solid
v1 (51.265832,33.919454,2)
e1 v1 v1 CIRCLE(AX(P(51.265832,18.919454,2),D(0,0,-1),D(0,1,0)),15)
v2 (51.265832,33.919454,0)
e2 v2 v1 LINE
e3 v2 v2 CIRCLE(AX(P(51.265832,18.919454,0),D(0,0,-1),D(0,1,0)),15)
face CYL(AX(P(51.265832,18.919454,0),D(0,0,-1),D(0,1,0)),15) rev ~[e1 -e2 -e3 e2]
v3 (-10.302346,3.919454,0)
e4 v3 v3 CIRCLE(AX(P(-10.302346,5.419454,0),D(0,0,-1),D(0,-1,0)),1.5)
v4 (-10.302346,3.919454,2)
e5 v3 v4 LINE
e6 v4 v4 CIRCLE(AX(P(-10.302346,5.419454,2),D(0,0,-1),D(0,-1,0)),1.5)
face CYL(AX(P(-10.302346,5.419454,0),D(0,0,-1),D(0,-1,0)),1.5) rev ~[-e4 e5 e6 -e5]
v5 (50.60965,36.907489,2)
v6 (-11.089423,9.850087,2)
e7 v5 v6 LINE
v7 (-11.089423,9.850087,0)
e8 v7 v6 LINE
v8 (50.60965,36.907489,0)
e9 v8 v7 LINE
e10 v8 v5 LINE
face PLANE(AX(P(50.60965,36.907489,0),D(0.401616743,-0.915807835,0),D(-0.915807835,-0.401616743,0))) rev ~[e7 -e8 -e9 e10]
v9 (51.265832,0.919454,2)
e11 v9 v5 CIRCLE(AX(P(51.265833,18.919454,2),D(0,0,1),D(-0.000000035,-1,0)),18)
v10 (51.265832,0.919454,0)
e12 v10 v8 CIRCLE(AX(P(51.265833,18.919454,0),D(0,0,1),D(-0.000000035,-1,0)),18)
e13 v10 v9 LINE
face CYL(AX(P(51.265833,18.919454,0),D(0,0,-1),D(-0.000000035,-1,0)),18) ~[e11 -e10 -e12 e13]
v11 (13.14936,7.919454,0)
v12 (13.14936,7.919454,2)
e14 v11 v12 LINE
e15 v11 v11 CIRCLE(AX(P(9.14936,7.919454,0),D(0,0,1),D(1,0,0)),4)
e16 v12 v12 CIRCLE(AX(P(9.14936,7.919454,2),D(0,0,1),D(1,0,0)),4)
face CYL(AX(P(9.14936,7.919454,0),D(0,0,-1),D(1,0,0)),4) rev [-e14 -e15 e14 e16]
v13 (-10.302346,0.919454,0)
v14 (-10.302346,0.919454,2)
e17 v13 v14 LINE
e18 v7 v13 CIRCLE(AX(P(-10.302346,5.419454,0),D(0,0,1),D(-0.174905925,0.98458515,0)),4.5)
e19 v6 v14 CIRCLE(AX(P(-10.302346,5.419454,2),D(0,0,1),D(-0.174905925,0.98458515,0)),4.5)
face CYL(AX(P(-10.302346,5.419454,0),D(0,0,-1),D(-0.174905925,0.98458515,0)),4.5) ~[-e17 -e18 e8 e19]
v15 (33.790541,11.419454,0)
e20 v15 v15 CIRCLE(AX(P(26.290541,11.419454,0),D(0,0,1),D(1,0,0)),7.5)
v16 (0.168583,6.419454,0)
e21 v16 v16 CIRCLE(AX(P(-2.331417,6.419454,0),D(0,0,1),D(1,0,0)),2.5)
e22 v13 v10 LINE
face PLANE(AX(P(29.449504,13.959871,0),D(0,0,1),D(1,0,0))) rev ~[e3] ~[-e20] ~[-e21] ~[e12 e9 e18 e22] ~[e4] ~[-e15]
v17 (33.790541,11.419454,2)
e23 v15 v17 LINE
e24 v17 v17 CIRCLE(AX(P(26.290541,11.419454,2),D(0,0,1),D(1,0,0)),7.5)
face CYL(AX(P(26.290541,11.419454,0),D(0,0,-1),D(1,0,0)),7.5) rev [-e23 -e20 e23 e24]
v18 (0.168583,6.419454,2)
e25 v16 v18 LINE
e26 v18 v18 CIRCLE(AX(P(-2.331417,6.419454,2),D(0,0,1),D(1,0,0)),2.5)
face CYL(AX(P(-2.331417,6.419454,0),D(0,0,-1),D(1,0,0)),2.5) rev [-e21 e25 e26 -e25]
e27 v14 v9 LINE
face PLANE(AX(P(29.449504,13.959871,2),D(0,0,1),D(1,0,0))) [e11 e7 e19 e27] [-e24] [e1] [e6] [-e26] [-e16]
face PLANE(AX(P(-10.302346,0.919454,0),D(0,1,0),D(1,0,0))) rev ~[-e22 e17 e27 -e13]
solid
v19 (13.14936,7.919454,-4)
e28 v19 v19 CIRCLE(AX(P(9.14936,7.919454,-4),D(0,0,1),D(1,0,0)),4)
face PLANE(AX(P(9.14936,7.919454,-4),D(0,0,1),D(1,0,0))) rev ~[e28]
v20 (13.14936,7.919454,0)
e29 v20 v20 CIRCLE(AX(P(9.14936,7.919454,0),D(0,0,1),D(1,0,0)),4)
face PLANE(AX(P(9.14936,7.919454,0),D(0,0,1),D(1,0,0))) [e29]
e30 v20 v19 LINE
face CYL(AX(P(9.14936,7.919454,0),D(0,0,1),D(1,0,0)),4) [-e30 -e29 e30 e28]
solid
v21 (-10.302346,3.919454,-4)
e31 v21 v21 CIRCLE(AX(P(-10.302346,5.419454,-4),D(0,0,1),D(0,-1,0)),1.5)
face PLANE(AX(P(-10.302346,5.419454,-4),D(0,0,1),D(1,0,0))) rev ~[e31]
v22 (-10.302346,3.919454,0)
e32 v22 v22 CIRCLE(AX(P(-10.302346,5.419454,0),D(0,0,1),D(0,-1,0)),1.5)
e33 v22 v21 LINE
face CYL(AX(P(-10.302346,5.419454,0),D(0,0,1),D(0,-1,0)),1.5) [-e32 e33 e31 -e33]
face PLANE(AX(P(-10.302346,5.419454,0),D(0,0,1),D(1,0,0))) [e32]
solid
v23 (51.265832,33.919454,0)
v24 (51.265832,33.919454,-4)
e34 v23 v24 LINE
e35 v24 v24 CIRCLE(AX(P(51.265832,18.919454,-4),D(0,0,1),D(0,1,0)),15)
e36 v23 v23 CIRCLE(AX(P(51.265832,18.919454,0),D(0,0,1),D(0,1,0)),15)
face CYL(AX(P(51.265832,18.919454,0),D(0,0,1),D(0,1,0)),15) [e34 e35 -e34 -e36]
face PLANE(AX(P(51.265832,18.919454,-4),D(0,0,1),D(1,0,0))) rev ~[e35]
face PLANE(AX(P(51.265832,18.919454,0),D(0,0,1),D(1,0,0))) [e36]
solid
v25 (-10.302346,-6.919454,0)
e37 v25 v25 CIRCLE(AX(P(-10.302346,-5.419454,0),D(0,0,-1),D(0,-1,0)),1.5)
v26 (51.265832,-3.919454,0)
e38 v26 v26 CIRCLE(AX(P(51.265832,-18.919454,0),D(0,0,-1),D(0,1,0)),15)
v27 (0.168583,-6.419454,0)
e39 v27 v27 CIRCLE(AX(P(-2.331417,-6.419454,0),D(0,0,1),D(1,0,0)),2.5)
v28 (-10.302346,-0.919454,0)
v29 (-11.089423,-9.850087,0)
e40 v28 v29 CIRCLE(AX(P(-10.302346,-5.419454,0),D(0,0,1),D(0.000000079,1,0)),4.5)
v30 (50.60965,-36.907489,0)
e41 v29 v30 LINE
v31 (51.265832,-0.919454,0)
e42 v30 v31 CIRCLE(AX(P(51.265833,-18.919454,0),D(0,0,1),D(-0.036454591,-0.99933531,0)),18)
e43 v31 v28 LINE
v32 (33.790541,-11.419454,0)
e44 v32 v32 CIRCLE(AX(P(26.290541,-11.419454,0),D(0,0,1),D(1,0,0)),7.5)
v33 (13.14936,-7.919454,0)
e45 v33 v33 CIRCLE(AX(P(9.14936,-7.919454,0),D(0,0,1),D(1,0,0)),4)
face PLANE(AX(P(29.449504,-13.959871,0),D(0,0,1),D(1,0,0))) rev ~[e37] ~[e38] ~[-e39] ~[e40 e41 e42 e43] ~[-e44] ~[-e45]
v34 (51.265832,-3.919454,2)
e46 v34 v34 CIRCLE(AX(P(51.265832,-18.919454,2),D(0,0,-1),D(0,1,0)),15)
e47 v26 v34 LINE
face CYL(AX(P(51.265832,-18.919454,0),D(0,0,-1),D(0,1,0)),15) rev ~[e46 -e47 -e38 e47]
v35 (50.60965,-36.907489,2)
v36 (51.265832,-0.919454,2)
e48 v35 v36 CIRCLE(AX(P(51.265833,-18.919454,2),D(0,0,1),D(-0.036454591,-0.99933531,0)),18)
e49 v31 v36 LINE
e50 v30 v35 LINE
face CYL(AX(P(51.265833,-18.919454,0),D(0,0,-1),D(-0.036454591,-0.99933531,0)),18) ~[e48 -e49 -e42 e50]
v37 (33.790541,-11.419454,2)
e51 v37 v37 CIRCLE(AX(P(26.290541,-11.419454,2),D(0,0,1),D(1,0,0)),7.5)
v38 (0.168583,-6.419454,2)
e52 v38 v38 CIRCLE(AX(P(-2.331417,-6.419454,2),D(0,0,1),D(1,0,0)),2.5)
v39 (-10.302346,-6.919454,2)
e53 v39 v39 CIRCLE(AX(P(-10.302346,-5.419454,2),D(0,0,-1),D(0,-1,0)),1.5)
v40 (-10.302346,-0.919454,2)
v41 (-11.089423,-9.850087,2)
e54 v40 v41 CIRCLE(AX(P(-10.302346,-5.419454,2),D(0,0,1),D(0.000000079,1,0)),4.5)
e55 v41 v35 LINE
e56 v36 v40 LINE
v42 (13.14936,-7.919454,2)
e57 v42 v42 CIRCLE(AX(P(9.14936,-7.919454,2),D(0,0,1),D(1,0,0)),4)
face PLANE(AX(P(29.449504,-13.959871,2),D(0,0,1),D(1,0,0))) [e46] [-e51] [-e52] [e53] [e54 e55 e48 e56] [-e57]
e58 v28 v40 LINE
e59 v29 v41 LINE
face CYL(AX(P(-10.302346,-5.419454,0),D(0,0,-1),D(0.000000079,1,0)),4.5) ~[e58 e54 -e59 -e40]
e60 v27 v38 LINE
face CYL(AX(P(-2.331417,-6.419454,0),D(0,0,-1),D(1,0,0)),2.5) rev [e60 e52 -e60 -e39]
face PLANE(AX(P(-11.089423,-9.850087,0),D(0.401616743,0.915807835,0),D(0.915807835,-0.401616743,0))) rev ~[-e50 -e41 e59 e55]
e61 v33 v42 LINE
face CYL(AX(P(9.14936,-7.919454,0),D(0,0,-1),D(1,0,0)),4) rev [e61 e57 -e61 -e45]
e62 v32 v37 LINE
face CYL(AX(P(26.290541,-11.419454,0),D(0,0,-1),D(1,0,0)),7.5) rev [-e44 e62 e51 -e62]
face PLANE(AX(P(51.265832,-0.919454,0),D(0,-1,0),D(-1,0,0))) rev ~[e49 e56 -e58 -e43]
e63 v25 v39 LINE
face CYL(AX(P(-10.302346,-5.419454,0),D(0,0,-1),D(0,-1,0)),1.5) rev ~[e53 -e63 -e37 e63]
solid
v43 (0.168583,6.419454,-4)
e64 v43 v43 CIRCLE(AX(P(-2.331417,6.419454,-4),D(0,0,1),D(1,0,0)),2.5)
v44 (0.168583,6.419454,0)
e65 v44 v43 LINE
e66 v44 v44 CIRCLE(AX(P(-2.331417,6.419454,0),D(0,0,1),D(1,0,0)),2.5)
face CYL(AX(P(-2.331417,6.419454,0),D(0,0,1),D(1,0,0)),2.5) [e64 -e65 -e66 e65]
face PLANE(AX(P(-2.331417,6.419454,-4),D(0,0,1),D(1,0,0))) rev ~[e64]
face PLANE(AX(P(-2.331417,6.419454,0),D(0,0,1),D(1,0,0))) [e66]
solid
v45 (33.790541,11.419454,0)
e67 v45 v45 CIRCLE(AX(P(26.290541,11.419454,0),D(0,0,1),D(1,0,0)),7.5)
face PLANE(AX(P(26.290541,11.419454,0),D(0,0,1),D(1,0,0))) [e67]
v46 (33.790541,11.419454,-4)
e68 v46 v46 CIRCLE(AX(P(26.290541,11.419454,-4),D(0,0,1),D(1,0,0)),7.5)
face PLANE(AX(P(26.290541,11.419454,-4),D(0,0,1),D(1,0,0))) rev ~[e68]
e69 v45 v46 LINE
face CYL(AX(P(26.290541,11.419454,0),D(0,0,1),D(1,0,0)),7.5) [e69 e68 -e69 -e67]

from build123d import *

# Parameters (mm, degrees)
F0_R     = 2.5
F0_R_2   = 7.5
F0_R_3   = 4
F1_DEPTH = 2
F2_DEPTH = 4


with BuildPart() as f1:
    # F0 (on Top) → F1 (new body)
    with BuildSketch(Plane.XY):
        with BuildLine():
            ThreePointArc((-10.302346, -0.919454), (-14.784971, -5.02439), (-11.089423, -9.850087))
            Line((-11.089423, -9.850087), (50.60965, -36.907489))
            ThreePointArc((50.60965, -36.907489), (69.262841, -19.247599), (51.265832, -0.919454))
            Line((51.265832, -0.919454), (-10.302346, -0.919454))
        make_face()
        with BuildLine():
            ThreePointArc((-10.302346, -3.919454), (-8.802346, -5.419454), (-10.302346, -6.919454))
            ThreePointArc((-10.302346, -6.919454), (-11.802346, -5.419454), (-10.302346, -3.919454))
        make_face(mode=Mode.SUBTRACT)
        with Locations((-2.331417, -6.419454)):
            Circle(F0_R, mode=Mode.SUBTRACT)
        with Locations((26.290541, -11.419454)):
            Circle(F0_R_2, mode=Mode.SUBTRACT)
        with Locations((9.14936, -7.919454)):
            Circle(F0_R_3, mode=Mode.SUBTRACT)
        with BuildLine():
            ThreePointArc((51.265832, -33.919454), (36.265832, -18.919454), (51.265832, -3.919454))
            ThreePointArc((51.265832, -3.919454), (66.265832, -18.919454), (51.265832, -33.919454))
        make_face(mode=Mode.SUBTRACT)
        with BuildLine():
            Line((-10.302346, 0.919454), (51.265832, 0.919454))
            ThreePointArc((51.265832, 0.919454), (69.262841, 19.247599), (50.60965, 36.907489))
            Line((50.60965, 36.907489), (-11.089423, 9.850087))
            ThreePointArc((-11.089423, 9.850087), (-14.784971, 5.02439), (-10.302346, 0.919454))
        make_face()
        with BuildLine():
            ThreePointArc((-10.302346, 6.919454), (-8.802346, 5.419454), (-10.302346, 3.919454))
            ThreePointArc((-10.302346, 3.919454), (-11.802346, 5.419454), (-10.302346, 6.919454))
        make_face(mode=Mode.SUBTRACT)
        with Locations((-2.331417, 6.419454)):
            Circle(F0_R, mode=Mode.SUBTRACT)
        with Locations((9.14936, 7.919454)):
            Circle(F0_R_3, mode=Mode.SUBTRACT)
        with Locations((26.290541, 11.419454)):
            Circle(F0_R_2, mode=Mode.SUBTRACT)
        with BuildLine():
            ThreePointArc((51.265832, 3.919454), (36.265832, 18.919454), (51.265832, 33.919454))
            ThreePointArc((51.265832, 33.919454), (66.265832, 18.919454), (51.265832, 3.919454))
        make_face(mode=Mode.SUBTRACT)
    extrude(amount=F1_DEPTH)


with BuildPart() as f2:
    # F0 (on Top) → F2 (new body)
    with BuildSketch(Plane.XY):
        with BuildLine():
            ThreePointArc((51.265832, 3.919454), (66.265832, 18.919454), (51.265832, 33.919454))
            ThreePointArc((51.265832, 33.919454), (36.265832, 18.919454), (51.265832, 3.919454))
        make_face()
        with Locations((26.290541, 11.419454)):
            Circle(F0_R_2)
        with Locations((9.14936, 7.919454)):
            Circle(F0_R_3)
        with Locations((-2.331417, 6.419454)):
            Circle(F0_R)
        with BuildLine():
            ThreePointArc((-10.302346, 6.919454), (-11.802346, 5.419454), (-10.302346, 3.919454))
            ThreePointArc((-10.302346, 3.919454), (-8.802346, 5.419454), (-10.302346, 6.919454))
        make_face()
    extrude(amount=-F2_DEPTH)


solid = Compound([f1.part, f2.part])
